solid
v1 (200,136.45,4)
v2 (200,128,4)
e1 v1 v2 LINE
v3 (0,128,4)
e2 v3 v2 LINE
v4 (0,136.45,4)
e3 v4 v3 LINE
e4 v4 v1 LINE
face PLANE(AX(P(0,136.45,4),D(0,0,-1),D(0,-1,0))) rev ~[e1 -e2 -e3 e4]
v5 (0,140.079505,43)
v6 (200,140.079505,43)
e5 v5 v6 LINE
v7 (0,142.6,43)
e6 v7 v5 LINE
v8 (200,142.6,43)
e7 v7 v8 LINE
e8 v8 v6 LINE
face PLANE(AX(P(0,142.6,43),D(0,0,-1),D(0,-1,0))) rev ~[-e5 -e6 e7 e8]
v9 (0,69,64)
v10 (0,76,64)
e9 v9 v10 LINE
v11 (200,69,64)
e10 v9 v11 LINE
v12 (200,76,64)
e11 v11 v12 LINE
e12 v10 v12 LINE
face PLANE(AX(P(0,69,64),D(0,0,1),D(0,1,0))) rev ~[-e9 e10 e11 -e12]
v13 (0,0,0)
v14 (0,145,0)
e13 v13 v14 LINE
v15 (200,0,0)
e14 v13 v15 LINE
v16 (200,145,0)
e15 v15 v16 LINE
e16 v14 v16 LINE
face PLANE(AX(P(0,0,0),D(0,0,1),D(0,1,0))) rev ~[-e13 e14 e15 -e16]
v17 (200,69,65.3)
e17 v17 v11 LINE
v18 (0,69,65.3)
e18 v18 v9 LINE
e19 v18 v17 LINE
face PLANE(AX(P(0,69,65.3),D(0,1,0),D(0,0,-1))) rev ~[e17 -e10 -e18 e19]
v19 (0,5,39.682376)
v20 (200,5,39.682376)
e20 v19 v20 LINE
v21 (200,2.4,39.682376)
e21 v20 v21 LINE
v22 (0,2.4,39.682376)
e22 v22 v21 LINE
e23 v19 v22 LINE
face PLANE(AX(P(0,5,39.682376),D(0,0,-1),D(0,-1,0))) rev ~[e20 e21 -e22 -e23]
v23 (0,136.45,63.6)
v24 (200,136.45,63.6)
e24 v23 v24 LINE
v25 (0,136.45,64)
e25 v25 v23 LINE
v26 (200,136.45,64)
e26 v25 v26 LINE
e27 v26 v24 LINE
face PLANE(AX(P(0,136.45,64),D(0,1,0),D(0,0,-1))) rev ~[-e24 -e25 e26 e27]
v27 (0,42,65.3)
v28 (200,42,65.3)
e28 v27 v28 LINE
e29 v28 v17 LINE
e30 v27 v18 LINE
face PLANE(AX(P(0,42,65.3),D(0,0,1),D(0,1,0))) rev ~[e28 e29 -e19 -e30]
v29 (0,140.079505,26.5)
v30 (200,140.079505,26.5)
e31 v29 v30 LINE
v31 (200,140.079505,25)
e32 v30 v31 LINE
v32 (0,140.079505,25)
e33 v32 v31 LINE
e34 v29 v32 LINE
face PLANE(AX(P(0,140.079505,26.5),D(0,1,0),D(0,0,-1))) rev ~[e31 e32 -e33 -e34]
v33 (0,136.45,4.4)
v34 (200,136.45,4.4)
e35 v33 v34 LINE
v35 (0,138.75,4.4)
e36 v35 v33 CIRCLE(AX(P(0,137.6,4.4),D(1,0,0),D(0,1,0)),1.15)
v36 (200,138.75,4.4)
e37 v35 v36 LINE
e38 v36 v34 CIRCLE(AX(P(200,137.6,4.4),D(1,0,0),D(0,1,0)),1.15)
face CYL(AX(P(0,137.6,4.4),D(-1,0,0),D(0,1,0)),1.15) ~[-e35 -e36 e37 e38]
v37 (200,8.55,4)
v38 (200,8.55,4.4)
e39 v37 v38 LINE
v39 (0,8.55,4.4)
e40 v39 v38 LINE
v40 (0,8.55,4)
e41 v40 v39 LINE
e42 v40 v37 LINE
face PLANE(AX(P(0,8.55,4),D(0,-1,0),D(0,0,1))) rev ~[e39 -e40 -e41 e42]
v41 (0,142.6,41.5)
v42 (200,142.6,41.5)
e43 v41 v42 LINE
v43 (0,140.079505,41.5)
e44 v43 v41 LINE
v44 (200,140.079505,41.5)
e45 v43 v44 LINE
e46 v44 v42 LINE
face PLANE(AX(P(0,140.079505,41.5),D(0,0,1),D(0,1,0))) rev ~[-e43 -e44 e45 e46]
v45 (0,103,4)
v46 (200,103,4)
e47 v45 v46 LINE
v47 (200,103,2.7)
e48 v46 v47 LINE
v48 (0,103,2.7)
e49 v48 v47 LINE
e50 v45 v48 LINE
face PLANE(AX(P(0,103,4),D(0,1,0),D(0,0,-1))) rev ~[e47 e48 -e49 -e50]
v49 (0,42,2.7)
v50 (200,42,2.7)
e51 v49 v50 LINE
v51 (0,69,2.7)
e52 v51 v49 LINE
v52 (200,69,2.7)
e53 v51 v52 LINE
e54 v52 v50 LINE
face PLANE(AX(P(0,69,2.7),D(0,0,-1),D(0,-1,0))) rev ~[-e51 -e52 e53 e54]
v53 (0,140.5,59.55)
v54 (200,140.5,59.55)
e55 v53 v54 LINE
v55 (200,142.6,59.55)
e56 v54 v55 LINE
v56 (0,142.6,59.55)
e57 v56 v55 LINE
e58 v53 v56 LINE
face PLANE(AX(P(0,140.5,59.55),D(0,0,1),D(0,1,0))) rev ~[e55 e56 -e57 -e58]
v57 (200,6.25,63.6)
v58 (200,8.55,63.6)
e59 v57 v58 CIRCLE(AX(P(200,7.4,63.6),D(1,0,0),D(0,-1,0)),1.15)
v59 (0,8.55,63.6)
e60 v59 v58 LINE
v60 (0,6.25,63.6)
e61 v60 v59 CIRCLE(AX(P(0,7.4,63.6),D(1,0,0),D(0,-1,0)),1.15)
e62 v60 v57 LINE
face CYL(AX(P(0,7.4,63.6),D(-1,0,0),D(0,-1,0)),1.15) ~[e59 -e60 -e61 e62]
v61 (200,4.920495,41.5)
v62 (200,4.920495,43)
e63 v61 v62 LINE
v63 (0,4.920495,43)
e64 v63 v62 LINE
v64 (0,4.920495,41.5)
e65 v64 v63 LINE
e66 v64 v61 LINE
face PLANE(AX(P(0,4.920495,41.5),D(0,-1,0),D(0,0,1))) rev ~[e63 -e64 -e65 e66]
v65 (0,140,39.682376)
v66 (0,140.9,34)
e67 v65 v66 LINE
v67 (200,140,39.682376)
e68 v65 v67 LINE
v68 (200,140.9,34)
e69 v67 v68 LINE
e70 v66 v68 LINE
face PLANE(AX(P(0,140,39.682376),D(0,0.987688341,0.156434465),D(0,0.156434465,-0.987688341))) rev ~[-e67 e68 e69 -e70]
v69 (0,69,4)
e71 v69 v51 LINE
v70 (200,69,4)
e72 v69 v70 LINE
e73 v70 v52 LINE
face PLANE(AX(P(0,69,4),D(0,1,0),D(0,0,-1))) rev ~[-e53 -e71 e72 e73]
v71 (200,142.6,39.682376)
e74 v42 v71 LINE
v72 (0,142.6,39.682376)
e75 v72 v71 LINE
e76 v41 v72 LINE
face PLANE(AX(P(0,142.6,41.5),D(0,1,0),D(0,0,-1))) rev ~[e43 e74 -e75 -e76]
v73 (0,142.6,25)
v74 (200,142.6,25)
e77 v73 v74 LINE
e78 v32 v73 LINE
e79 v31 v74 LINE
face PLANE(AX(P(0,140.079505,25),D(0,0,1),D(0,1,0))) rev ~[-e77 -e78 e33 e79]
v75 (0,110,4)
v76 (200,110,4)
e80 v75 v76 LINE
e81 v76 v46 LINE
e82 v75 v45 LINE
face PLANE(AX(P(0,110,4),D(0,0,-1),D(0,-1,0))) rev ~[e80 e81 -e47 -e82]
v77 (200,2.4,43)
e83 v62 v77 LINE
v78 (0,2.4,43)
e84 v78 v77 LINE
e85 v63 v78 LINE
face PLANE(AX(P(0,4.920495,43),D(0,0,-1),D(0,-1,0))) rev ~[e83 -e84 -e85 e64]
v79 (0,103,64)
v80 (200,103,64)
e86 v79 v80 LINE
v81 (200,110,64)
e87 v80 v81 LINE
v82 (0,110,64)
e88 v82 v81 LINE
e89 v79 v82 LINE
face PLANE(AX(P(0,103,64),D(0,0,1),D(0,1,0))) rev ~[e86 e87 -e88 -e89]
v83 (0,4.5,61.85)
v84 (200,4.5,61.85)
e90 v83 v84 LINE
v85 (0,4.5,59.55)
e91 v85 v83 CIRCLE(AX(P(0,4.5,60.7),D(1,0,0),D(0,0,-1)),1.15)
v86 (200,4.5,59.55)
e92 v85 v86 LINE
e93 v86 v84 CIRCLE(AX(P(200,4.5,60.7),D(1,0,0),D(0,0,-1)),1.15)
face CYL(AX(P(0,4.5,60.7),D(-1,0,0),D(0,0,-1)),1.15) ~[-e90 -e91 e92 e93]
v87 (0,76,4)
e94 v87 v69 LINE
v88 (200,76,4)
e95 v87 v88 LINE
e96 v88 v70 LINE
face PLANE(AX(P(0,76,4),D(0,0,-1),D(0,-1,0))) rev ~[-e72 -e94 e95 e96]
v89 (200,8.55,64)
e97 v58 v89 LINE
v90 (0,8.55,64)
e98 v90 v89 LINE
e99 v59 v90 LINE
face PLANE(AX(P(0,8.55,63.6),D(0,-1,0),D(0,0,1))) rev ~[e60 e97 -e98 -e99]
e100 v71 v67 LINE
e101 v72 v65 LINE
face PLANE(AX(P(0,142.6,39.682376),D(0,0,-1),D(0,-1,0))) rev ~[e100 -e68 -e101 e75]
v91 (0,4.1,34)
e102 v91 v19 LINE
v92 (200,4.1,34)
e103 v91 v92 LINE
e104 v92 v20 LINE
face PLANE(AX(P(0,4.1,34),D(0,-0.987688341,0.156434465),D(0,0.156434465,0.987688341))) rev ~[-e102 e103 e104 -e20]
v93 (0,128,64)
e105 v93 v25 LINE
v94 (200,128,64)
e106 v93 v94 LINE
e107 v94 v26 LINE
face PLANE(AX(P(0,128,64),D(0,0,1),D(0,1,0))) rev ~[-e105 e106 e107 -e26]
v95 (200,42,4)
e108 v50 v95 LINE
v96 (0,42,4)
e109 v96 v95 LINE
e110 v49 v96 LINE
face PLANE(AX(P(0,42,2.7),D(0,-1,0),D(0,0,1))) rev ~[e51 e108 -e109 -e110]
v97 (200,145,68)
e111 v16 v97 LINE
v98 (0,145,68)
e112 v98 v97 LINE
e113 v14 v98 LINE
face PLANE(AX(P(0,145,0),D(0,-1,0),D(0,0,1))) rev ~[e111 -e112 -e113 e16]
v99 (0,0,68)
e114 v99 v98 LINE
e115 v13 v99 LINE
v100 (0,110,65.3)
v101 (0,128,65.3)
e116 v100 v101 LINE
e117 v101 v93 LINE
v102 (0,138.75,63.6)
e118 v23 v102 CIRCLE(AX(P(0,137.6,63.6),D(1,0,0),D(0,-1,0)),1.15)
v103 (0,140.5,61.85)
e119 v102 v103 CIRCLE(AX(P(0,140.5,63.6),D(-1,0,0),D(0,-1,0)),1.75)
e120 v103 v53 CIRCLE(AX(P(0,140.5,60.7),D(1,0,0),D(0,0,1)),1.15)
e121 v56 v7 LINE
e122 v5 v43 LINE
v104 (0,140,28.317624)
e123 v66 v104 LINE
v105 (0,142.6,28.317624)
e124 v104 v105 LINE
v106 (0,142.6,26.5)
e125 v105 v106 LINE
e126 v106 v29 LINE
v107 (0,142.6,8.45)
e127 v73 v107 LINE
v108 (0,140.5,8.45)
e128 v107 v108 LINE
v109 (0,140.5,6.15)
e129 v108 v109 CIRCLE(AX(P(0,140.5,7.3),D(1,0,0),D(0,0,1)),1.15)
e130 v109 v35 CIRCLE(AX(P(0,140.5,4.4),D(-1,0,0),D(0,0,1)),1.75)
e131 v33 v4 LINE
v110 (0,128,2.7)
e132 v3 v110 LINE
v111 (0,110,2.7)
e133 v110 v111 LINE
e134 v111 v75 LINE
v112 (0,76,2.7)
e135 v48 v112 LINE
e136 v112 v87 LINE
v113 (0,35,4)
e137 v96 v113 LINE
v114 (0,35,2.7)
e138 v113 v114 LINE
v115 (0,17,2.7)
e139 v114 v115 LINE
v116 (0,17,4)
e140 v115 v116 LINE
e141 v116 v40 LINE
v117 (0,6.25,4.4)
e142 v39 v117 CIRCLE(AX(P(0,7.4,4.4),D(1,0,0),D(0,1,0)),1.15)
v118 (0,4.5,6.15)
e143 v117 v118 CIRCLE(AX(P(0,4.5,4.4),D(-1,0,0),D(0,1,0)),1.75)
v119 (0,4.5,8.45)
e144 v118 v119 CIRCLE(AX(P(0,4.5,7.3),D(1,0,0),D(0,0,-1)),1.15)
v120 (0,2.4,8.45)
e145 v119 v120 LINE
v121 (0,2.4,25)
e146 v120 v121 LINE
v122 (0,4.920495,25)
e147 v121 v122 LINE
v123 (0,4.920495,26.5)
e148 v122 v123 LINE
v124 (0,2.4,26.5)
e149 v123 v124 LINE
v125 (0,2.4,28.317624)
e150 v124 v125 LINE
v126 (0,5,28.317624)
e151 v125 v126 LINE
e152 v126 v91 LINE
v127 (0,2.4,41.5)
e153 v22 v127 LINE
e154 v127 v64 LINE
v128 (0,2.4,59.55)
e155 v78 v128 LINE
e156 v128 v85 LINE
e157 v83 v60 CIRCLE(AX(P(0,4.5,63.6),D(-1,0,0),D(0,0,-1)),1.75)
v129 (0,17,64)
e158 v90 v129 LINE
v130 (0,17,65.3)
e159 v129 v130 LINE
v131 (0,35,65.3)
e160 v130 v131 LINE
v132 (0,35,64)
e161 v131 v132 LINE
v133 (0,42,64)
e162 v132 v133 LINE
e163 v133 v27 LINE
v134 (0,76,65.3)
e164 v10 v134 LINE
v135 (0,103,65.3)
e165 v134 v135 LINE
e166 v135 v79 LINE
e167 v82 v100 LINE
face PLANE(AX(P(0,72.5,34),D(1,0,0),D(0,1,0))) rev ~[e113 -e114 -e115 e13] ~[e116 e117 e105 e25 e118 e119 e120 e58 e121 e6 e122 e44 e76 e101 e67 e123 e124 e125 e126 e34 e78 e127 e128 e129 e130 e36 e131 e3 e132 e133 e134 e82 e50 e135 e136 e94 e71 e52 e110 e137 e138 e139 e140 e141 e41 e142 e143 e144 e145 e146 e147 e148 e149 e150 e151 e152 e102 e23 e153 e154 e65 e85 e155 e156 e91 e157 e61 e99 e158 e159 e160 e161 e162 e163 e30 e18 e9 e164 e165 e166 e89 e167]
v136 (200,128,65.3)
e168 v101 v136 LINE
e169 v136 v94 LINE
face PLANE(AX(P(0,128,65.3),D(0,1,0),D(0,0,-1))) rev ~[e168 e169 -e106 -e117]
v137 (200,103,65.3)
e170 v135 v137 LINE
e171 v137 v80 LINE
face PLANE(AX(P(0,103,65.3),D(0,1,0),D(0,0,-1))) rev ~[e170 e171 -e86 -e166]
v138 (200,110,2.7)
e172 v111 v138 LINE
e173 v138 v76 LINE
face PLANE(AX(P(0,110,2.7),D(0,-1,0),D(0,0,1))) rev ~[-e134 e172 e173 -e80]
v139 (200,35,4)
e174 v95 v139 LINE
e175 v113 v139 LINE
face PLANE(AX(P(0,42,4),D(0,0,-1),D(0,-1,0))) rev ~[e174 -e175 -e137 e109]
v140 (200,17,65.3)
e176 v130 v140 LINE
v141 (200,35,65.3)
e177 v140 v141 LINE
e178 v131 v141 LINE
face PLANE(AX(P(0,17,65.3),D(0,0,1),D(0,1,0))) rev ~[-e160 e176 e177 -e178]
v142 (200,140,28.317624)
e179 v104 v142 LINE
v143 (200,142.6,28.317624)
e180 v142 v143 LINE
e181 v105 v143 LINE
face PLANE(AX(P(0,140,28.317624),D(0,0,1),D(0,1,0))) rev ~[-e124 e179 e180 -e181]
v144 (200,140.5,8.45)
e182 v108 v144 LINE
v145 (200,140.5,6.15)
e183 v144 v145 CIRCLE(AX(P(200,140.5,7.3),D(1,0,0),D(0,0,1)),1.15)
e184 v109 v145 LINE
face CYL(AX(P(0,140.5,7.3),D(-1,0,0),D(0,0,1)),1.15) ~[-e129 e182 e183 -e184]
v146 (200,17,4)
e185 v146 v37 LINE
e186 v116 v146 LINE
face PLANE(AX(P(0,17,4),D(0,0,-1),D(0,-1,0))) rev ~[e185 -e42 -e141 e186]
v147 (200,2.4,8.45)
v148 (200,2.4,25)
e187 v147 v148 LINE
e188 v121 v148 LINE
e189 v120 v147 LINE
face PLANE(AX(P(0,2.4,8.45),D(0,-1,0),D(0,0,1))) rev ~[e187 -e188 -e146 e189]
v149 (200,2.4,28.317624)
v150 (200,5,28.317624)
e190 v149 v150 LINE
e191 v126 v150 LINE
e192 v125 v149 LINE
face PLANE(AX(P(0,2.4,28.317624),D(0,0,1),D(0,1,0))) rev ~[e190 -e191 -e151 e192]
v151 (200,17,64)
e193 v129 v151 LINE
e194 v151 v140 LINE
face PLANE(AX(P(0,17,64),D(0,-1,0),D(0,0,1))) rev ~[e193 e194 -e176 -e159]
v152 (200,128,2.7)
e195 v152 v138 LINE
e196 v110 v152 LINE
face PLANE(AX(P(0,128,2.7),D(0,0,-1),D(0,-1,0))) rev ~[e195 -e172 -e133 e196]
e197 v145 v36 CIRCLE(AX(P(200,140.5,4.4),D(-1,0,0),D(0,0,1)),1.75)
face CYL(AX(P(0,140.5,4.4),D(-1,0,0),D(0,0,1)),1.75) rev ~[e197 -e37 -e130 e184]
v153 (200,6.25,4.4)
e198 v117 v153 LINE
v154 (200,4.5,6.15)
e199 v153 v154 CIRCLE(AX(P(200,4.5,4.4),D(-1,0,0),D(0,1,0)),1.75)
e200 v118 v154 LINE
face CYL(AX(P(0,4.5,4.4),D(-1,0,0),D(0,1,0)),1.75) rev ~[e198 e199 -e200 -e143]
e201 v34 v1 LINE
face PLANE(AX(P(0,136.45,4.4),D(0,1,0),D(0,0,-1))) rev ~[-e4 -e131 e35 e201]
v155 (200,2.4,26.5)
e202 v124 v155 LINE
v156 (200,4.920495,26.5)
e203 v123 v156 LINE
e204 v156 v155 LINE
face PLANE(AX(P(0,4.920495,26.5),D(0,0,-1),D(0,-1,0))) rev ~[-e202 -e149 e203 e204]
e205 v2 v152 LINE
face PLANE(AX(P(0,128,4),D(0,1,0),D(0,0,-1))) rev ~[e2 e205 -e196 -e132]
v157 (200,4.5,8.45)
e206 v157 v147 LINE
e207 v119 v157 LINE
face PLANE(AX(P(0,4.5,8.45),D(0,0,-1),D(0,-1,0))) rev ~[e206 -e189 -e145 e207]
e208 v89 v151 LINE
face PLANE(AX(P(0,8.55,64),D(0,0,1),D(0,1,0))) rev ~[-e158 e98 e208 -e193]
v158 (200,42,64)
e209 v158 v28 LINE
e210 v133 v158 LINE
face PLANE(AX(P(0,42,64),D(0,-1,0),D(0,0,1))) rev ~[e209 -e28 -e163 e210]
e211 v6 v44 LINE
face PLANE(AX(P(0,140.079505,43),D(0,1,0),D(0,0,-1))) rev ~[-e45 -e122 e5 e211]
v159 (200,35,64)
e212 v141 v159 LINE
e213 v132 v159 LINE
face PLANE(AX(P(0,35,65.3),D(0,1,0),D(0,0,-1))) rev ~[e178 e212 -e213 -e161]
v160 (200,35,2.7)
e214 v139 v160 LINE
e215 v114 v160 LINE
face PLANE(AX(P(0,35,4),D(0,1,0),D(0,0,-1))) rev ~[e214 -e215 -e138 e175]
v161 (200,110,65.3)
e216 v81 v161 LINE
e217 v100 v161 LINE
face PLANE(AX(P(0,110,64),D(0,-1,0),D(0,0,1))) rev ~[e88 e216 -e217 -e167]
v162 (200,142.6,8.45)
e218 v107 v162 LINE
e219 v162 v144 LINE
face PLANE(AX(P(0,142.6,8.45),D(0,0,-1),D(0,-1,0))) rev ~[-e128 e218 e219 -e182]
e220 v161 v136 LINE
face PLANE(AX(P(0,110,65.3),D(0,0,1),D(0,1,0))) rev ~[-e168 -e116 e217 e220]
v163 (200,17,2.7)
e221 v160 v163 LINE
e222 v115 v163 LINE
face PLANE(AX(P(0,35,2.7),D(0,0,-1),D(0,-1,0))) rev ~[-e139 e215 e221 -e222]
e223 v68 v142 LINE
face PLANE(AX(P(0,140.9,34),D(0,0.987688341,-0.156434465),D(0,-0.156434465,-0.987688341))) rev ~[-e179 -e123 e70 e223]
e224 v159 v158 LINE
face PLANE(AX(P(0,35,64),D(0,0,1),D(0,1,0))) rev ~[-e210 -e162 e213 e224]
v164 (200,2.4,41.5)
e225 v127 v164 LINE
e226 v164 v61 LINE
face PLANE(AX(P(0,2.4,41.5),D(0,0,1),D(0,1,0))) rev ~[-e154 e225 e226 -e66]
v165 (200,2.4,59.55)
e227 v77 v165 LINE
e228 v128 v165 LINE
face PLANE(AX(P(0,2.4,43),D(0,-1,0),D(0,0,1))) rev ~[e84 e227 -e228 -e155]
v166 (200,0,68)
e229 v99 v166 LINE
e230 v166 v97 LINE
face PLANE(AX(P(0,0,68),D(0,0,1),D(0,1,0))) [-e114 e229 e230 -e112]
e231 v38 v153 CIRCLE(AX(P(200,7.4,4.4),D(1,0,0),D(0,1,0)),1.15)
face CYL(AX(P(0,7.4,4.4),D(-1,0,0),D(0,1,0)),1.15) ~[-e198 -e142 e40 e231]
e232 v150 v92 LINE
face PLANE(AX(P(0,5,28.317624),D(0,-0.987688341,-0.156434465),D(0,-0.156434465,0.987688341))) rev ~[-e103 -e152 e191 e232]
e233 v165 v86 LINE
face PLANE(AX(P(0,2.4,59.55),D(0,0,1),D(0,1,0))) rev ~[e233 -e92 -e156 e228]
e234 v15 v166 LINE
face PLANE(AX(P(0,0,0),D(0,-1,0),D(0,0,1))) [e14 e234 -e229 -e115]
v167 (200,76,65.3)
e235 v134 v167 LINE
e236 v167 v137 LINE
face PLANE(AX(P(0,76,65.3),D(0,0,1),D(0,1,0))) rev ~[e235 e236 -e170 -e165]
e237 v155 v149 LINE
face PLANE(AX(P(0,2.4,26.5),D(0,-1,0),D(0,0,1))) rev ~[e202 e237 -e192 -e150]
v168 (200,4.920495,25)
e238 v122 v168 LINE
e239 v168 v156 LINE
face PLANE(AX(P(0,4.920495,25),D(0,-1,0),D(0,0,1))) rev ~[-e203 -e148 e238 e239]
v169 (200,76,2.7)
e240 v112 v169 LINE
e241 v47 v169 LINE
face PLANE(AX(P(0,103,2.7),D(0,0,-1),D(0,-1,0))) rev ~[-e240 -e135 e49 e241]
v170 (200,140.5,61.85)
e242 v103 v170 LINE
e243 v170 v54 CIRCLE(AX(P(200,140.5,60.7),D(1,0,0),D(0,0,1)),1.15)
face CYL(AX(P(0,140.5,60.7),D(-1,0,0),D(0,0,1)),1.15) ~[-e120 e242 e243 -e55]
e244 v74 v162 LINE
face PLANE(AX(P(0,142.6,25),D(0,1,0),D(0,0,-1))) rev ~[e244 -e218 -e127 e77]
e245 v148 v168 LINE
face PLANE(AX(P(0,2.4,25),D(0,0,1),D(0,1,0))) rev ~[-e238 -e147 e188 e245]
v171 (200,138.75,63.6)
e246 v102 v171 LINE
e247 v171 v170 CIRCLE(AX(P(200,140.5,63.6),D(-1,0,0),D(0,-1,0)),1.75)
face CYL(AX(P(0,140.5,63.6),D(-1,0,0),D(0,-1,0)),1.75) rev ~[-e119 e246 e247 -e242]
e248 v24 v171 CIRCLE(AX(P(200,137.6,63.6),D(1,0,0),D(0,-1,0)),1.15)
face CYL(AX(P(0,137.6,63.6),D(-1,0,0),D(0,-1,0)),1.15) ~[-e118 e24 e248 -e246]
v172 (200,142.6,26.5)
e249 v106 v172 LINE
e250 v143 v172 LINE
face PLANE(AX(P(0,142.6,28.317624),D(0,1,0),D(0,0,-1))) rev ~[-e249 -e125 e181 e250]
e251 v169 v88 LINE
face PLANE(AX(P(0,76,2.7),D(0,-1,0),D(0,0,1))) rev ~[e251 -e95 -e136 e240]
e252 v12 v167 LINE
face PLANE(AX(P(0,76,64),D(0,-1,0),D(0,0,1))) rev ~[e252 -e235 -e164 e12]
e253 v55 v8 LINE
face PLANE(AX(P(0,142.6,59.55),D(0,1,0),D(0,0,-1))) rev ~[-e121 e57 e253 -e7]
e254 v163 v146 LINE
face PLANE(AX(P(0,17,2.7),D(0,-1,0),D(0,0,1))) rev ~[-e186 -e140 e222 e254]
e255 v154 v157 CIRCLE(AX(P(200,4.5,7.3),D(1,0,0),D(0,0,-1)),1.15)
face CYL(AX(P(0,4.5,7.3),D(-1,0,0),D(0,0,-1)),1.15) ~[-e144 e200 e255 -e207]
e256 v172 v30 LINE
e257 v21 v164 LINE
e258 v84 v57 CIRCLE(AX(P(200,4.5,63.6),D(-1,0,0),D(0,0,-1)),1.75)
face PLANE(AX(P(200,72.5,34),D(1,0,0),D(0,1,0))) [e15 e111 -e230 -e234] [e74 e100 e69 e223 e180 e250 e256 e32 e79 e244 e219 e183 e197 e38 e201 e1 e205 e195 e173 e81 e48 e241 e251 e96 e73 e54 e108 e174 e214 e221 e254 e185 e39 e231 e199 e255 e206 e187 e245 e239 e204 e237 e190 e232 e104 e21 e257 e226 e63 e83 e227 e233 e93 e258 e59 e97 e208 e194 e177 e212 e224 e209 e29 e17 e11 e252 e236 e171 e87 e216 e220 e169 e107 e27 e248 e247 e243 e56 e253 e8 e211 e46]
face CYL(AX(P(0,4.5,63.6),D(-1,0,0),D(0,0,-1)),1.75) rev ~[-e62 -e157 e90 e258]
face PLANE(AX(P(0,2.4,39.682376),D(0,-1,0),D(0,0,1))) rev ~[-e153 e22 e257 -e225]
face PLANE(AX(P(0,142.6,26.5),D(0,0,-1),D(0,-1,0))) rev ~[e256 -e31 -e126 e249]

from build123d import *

# Parameters (mm, degrees)
F0_W     = 145
F0_H     = 68
F1_DEPTH = 200


with BuildPart() as f1:
    # F0 (on Right) → F1 (new body)
    with BuildSketch(Plane.YZ):
        with Locations((72.5, 34)):
            Rectangle(F0_W, F0_H)
        with BuildLine():
            Line((69, 64), (72.5, 64))
            Line((72.5, 64), (76, 64))
            Line((76, 64), (76, 65.3))
            Line((76, 65.3), (103, 65.3))
            Line((103, 65.3), (103, 64))
            Line((103, 64), (110, 64))
            Line((110, 64), (110, 65.3))
            Line((110, 65.3), (128, 65.3))
            Line((128, 65.3), (128, 64))
            Line((128, 64), (136.45, 64))
            Line((136.45, 64), (136.45, 63.6))
            ThreePointArc((136.45, 63.6), (137.6, 62.45), (138.75, 63.6))
            ThreePointArc((138.75, 63.6), (141.7374368671, 64.8374368671), (140.5, 61.85))
            ThreePointArc((140.5, 61.85), (139.35, 60.7), (140.5, 59.55))
            Line((140.5, 59.55), (142.6, 59.55))
            Line((142.6, 59.55), (142.6, 43))
            Line((142.6, 43), (140.0795047916, 43))
            Line((140.0795047916, 43), (140.0795047916, 41.5))
            Line((140.0795047916, 41.5), (142.6, 41.5))
            Line((142.6, 41.5), (142.6, 39.6823763632))
            Line((142.6, 39.6823763632), (140, 39.6823763632))
            Line((140, 39.6823763632), (140.9, 34))
            Line((140.9, 34), (140, 28.3176236368))
            Line((140, 28.3176236368), (142.6, 28.3176236368))
            Line((142.6, 28.3176236368), (142.6, 26.5))
            Line((142.6, 26.5), (140.0795047916, 26.5))
            Line((140.0795047916, 26.5), (140.0795047916, 25))
            Line((140.0795047916, 25), (142.6, 25))
            Line((142.6, 25), (142.6, 8.45))
            Line((142.6, 8.45), (140.5, 8.45))
            ThreePointArc((140.5, 8.45), (139.35, 7.3), (140.5, 6.15))
            ThreePointArc((140.5, 6.15), (141.7374368671, 3.1625631329), (138.75, 4.4))
            ThreePointArc((138.75, 4.4), (137.6, 5.55), (136.45, 4.4))
            Line((136.45, 4.4), (136.45, 4))
            Line((136.45, 4), (128, 4))
            Line((128, 4), (128, 2.7))
            Line((128, 2.7), (110, 2.7))
            Line((110, 2.7), (110, 4))
            Line((110, 4), (103, 4))
            Line((103, 4), (103, 2.7))
            Line((103, 2.7), (76, 2.7))
            Line((76, 2.7), (76, 4))
            Line((76, 4), (72.5, 4))
            Line((72.5, 4), (69, 4))
            Line((69, 4), (69, 2.7))
            Line((69, 2.7), (42, 2.7))
            Line((42, 2.7), (42, 4))
            Line((42, 4), (35, 4))
            Line((35, 4), (35, 2.7))
            Line((35, 2.7), (17, 2.7))
            Line((17, 2.7), (17, 4))
            Line((17, 4), (8.55, 4))
            Line((8.55, 4), (8.55, 4.4))
            ThreePointArc((8.55, 4.4), (7.4, 5.55), (6.25, 4.4))
            ThreePointArc((6.25, 4.4), (3.2625631329, 3.1625631329), (4.5, 6.15))
            ThreePointArc((4.5, 6.15), (5.65, 7.3), (4.5, 8.45))
            Line((4.5, 8.45), (2.4, 8.45))
            Line((2.4, 8.45), (2.4, 25))
            Line((2.4, 25), (4.9204952084, 25))
            Line((4.9204952084, 25), (4.9204952084, 26.5))
            Line((4.9204952084, 26.5), (2.4, 26.5))
            Line((2.4, 26.5), (2.4, 28.3176236368))
            Line((2.4, 28.3176236368), (5, 28.3176236368))
            Line((5, 28.3176236368), (4.1, 34))
            Line((4.1, 34), (5, 39.6823763632))
            Line((5, 39.6823763632), (2.4, 39.6823763632))
            Line((2.4, 39.6823763632), (2.4, 41.5))
            Line((2.4, 41.5), (4.9204952084, 41.5))
            Line((4.9204952084, 41.5), (4.9204952084, 43))
            Line((4.9204952084, 43), (2.4, 43))
            Line((2.4, 43), (2.4, 59.55))
            Line((2.4, 59.55), (4.5, 59.55))
            ThreePointArc((4.5, 59.55), (5.65, 60.7), (4.5, 61.85))
            ThreePointArc((4.5, 61.85), (3.2625631329, 64.8374368671), (6.25, 63.6))
            ThreePointArc((6.25, 63.6), (7.4, 62.45), (8.55, 63.6))
            Line((8.55, 63.6), (8.55, 64))
            Line((8.55, 64), (17, 64))
            Line((17, 64), (17, 65.3))
            Line((17, 65.3), (35, 65.3))
            Line((35, 65.3), (35, 64))
            Line((35, 64), (42, 64))
            Line((42, 64), (42, 65.3))
            Line((42, 65.3), (69, 65.3))
            Line((69, 65.3), (69, 64))
        make_face(mode=Mode.SUBTRACT)
    extrude(amount=F1_DEPTH)


solid = f1.part
